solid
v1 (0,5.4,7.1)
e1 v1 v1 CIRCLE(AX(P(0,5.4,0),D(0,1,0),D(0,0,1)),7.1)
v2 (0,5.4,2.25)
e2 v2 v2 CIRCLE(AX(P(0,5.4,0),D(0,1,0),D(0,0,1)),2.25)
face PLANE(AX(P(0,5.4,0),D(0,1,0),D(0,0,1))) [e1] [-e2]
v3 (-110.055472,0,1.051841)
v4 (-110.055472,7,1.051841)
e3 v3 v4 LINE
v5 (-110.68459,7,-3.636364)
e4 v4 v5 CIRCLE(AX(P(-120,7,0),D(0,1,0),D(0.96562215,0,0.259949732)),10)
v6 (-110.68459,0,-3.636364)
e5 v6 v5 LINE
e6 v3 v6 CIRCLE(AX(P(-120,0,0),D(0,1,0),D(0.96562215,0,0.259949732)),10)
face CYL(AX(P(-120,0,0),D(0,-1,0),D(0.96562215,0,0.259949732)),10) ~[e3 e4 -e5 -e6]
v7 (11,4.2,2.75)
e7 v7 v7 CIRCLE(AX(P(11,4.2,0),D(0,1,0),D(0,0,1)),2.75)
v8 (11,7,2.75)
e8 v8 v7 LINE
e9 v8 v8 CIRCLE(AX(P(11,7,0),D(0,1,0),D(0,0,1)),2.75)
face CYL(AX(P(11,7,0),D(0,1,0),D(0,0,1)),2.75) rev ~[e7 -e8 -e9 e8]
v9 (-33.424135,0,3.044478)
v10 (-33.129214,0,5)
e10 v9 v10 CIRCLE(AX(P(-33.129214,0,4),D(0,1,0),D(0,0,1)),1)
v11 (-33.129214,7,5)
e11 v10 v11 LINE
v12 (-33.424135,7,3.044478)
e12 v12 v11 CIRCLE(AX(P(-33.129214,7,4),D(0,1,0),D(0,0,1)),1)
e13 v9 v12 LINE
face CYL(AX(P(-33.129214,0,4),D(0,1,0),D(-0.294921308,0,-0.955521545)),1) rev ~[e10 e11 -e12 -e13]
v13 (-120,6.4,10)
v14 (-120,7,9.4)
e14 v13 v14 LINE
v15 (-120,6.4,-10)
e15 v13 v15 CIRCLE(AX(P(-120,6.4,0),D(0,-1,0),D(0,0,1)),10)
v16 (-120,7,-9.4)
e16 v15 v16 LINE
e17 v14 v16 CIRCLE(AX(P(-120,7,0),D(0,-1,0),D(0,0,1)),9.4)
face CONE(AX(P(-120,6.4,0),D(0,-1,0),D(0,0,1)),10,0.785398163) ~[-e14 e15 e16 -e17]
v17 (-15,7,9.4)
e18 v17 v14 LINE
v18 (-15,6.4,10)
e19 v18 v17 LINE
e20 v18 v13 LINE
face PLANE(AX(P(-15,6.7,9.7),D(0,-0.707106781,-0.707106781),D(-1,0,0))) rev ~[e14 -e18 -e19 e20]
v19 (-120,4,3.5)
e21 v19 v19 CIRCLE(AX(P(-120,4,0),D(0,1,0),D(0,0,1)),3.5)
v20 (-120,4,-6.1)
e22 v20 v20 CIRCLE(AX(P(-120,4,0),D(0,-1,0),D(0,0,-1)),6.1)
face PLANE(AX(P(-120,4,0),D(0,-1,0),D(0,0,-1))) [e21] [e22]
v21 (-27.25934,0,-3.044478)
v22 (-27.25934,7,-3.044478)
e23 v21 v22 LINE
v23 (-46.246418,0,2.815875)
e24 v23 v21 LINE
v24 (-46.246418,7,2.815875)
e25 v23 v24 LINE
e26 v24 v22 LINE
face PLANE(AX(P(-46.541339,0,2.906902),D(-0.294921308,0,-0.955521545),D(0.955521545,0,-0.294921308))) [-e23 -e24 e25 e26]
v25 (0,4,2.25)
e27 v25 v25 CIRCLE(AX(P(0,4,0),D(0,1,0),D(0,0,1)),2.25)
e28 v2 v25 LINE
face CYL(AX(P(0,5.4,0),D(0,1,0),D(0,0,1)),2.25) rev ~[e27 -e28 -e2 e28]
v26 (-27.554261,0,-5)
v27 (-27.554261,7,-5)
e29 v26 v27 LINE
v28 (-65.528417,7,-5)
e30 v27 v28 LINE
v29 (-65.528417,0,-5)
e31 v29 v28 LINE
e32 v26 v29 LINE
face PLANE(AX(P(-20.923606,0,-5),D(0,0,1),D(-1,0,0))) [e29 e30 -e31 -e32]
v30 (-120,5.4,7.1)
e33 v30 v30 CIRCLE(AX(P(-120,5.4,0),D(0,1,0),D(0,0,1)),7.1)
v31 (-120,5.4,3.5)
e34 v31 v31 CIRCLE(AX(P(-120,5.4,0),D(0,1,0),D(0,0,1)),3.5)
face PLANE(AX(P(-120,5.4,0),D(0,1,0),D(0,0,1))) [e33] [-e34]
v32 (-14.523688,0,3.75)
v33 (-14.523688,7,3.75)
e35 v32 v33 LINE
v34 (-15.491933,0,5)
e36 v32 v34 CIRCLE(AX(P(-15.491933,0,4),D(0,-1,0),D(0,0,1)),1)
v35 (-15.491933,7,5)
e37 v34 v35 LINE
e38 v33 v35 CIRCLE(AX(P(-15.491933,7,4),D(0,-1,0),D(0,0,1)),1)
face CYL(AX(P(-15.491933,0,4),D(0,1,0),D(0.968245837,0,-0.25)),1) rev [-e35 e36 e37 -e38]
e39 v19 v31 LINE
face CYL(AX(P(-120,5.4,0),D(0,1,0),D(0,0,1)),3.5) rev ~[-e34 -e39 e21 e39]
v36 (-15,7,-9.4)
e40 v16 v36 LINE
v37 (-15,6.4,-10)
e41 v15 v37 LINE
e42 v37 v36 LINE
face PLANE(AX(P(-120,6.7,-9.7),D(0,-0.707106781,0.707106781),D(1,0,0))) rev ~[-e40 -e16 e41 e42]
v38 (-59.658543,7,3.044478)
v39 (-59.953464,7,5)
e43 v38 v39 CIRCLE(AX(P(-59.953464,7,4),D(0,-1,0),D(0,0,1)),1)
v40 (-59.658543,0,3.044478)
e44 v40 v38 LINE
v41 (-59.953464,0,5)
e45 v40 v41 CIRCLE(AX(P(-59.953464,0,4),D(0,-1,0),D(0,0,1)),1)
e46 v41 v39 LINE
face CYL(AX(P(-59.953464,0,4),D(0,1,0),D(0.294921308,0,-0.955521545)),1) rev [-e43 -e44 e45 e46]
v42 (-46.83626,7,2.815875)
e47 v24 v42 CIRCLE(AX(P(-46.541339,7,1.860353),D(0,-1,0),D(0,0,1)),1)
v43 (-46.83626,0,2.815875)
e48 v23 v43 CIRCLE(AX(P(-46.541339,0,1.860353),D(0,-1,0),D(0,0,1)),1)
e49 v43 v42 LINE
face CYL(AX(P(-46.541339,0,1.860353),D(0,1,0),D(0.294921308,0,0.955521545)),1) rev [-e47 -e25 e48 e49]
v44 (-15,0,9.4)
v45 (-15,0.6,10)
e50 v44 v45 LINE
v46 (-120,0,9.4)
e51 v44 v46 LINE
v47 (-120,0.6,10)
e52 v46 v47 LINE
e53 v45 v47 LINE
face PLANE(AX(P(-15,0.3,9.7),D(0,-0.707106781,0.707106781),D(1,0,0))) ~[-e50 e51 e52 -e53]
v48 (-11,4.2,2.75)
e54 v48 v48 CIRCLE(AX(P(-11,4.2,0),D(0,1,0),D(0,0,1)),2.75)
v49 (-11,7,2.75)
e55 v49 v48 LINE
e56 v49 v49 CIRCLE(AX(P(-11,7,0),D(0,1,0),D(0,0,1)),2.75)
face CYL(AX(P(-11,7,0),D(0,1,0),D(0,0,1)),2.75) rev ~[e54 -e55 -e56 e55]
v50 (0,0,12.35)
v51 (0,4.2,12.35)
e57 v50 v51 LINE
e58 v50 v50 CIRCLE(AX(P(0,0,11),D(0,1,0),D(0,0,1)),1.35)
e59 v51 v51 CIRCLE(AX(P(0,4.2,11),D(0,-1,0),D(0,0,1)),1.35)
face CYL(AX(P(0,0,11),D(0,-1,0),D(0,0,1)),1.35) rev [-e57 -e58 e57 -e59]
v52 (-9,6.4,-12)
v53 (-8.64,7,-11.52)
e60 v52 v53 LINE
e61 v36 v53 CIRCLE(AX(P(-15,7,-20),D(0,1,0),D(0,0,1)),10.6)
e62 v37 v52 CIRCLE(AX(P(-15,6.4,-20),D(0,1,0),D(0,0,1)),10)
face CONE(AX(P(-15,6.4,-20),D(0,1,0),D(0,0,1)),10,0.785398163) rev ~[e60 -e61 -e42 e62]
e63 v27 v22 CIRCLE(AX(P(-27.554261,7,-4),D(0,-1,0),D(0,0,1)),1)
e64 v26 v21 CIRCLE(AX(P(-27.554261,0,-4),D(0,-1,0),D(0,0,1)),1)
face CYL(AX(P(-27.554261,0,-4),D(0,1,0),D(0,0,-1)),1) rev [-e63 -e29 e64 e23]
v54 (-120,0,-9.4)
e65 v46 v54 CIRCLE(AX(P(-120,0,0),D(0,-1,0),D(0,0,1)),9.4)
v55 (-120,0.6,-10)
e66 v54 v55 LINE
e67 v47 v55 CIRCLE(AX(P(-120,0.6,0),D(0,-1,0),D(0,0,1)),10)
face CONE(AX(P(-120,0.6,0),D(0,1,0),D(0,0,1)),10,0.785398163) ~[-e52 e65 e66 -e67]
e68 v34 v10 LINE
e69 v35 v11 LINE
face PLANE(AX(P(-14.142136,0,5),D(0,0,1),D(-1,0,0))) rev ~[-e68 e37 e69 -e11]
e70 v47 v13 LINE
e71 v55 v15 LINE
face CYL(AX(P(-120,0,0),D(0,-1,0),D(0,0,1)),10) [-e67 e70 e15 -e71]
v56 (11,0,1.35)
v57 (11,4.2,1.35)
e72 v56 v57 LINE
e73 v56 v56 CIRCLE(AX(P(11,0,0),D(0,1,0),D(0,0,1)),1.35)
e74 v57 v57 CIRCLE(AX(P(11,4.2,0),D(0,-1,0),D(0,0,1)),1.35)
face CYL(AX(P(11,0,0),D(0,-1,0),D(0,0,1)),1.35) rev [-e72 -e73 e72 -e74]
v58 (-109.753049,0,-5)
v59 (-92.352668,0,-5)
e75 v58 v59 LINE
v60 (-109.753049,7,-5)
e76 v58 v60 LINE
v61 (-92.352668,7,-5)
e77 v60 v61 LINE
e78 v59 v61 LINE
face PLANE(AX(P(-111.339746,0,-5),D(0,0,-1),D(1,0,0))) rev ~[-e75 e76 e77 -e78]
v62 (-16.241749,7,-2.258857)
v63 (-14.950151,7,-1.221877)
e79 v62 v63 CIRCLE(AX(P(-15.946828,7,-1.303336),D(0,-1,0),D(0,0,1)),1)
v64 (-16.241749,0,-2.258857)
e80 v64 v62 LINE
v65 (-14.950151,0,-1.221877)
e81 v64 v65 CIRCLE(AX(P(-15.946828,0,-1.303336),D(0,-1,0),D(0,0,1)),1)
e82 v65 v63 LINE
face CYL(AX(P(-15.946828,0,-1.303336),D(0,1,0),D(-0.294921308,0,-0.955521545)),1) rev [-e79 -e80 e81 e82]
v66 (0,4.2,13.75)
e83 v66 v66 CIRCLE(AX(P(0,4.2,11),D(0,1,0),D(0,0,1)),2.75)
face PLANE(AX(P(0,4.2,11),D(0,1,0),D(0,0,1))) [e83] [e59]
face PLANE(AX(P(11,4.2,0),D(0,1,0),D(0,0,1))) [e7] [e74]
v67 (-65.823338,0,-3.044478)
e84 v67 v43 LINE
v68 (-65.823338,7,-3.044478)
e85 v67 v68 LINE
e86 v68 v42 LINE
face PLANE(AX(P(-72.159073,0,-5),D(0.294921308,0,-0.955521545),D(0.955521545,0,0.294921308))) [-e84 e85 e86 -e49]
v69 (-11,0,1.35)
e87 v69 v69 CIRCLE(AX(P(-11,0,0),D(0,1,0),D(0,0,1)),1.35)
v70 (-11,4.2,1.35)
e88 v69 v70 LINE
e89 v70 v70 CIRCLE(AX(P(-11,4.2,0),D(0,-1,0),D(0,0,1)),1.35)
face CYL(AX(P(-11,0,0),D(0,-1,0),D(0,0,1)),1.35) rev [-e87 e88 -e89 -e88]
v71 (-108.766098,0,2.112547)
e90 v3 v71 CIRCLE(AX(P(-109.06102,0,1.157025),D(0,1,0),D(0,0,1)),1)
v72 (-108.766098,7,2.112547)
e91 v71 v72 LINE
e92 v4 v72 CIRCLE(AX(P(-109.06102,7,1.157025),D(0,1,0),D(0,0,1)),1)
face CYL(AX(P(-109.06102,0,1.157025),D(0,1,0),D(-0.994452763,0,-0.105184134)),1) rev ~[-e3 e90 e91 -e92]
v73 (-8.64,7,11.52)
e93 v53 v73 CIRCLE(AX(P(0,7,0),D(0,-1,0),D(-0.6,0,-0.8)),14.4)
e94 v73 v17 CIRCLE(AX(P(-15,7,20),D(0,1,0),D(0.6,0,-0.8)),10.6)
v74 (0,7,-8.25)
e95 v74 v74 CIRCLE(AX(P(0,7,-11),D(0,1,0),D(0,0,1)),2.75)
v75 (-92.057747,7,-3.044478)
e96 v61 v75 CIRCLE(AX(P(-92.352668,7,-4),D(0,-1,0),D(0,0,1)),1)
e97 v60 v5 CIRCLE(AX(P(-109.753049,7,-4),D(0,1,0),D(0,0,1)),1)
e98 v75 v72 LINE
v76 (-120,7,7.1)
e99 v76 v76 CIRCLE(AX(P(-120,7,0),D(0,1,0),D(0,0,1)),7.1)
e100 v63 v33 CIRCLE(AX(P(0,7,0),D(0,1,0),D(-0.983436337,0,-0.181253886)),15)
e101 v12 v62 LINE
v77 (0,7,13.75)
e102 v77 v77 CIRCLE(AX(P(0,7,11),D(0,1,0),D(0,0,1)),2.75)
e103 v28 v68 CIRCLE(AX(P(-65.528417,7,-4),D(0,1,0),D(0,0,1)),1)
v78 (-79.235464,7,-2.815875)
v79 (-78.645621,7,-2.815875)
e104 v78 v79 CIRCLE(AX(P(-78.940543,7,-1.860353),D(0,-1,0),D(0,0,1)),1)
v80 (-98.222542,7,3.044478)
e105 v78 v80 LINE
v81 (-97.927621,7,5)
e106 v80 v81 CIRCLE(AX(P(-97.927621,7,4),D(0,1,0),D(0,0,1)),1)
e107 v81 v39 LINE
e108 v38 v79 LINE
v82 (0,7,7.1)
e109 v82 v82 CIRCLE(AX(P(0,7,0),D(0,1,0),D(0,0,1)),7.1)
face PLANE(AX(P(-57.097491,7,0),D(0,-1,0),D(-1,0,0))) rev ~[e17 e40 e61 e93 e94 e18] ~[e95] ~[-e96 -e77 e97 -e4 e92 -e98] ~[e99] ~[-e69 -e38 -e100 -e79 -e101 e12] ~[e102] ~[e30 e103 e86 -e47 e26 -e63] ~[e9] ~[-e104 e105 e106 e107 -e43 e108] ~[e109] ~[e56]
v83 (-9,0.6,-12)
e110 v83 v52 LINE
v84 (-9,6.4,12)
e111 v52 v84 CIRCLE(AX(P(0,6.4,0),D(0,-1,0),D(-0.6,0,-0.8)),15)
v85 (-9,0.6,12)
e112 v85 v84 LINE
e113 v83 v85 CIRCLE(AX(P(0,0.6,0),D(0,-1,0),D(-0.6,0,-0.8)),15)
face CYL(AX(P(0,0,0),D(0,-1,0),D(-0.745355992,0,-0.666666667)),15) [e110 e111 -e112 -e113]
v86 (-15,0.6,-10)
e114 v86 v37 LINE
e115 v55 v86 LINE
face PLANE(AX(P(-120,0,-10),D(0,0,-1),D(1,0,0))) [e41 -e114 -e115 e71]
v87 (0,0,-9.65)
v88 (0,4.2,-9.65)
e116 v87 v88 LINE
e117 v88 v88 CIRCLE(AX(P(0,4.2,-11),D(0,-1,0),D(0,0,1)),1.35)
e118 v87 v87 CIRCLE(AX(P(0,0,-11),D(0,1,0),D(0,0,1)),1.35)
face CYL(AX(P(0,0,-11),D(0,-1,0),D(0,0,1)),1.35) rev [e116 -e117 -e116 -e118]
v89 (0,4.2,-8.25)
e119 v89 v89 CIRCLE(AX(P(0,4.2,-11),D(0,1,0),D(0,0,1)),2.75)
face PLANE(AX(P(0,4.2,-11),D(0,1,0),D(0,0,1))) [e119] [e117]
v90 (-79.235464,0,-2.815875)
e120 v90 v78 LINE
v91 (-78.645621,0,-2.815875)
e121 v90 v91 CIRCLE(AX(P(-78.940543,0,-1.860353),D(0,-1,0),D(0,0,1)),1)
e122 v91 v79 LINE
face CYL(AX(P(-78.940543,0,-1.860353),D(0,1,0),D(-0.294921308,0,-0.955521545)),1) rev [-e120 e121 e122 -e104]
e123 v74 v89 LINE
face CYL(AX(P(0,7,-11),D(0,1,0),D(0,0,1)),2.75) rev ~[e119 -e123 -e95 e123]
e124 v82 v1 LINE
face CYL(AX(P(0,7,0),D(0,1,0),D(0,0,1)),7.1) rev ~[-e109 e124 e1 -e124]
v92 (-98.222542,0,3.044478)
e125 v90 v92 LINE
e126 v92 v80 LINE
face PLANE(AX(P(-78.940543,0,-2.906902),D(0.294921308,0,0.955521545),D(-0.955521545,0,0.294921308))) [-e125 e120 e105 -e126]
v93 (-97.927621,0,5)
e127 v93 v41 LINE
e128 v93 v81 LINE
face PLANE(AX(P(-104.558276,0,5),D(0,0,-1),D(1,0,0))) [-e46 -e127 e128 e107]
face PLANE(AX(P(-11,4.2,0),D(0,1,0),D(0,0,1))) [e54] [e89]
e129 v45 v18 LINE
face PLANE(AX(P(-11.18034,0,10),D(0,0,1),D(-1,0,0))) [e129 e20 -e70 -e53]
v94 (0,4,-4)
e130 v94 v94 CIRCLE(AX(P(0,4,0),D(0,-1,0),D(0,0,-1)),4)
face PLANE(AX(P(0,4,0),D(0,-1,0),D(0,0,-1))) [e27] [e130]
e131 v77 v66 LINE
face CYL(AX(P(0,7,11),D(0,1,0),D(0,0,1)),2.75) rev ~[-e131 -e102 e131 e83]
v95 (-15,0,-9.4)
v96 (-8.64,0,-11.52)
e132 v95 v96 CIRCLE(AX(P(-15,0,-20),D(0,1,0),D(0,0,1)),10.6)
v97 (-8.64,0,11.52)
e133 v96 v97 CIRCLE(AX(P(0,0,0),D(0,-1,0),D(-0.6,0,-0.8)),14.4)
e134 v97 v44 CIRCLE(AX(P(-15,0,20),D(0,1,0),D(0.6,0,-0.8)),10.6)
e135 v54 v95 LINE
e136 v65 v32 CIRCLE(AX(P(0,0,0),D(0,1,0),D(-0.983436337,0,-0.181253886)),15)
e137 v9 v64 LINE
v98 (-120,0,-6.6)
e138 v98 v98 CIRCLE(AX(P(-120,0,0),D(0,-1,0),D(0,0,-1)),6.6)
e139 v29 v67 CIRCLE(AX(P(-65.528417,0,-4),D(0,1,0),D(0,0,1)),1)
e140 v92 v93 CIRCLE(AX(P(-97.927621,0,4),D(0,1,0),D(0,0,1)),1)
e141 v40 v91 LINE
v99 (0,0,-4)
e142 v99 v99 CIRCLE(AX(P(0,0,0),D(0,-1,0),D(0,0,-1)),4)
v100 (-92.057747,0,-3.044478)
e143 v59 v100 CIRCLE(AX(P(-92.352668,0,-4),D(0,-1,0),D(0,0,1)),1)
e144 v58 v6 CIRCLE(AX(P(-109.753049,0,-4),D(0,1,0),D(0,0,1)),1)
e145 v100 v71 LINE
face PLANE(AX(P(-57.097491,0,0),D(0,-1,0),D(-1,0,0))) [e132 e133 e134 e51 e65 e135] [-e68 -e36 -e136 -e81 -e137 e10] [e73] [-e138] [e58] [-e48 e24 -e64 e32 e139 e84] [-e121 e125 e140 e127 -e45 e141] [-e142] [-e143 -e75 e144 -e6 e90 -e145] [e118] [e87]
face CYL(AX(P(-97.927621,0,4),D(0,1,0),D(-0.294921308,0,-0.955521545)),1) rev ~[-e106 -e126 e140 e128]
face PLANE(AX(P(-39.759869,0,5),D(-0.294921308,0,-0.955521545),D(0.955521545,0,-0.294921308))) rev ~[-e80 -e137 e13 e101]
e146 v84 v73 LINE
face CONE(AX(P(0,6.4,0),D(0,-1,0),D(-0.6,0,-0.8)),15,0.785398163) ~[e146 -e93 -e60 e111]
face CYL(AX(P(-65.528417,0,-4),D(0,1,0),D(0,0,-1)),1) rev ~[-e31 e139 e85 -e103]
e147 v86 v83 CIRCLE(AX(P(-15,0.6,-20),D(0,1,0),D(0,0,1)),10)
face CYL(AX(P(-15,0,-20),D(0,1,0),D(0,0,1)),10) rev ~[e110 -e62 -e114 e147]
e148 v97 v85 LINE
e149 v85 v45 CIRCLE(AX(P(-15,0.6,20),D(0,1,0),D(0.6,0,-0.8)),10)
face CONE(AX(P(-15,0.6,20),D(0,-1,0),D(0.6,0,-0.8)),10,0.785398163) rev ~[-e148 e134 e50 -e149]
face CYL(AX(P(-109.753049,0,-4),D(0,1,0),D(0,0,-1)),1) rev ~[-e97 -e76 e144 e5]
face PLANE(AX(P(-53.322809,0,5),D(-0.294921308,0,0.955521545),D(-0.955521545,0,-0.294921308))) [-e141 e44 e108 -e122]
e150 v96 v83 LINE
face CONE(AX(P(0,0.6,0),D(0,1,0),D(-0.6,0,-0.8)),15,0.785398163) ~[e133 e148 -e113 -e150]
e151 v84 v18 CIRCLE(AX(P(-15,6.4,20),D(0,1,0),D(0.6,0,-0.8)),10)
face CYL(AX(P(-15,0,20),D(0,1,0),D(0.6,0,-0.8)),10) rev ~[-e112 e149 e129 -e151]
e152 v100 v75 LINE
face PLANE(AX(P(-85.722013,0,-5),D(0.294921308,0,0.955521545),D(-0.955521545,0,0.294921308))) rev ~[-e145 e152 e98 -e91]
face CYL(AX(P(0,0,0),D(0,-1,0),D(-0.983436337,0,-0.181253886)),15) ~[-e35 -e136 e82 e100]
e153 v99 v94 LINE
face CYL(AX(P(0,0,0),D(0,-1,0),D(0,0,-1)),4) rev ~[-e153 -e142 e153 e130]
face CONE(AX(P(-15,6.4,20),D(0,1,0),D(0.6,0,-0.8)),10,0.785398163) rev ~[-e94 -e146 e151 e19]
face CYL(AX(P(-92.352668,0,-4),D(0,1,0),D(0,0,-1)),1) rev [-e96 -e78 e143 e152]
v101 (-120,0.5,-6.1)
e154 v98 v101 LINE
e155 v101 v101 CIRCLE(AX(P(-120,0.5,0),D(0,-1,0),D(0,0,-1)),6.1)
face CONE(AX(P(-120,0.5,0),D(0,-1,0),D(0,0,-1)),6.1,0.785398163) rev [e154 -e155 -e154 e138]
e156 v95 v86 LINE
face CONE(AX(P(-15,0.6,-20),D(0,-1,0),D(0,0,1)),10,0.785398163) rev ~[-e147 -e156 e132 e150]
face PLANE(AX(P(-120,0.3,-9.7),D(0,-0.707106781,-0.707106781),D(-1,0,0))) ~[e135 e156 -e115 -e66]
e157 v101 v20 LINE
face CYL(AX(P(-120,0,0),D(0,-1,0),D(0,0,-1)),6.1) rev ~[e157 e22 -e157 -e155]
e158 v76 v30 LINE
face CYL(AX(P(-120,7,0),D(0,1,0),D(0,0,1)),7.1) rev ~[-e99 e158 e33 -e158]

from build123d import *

# Parameters (mm, degrees)
SKETCH_1_R          = 1.35
EXTRUDE_1_DEPTH     = 7
FILLET_1_R          = 1
FILLET_2_R          = 1
FILLET_3_R          = 1
FILLET_4_R          = 1
FILLET_5_R          = 10
SKETCH_2_R          = 4
CUT_EXTRUDE_1_DEPTH = 4
SKETCH_3_R          = 6.1
CUT_EXTRUDE_2_DEPTH = 4
SKETCH_4_R          = 7.1
CUT_EXTRUDE_4_DEPTH = 1.6
SKETCH_5_R          = 7.1
CUT_EXTRUDE_5_DEPTH = 1.6
SKETCH_6_R          = 2.25
SKETCH_6_R_2        = 3.5
CUT_EXTRUDE_6_DEPTH = 5
CHAMFER_1_SIZE      = 0.6
CHAMFER_2_SIZE      = 0.5
SKETCH_7_R          = 2.75
CUT_EXTRUDE_7_DEPTH = 2.8


with BuildPart() as part:
    # 草图1 → 凸台-拉伸1 (new body)
    with BuildSketch(Plane(origin=(0, 0, 0), x_dir=(1, 0, 0), z_dir=(0, 1, 0))):
        with BuildLine():
            Line((-120, 10), (-11.180339887, 10))
            ThreePointArc((-11.180339887, 10), (15, 0), (-11.180339887, -10))
            Line((-11.180339887, -10), (-120, -10))
            ThreePointArc((-120, -10), (-130, 0), (-120, 10))
        make_face()
        with Locations(Location((-11, 0, 0), (0, 0, 270))):
            Circle(SKETCH_1_R, mode=Mode.SUBTRACT)
        with Locations(Location((0, 11, 0), (0, 0, 270))):
            Circle(SKETCH_1_R, mode=Mode.SUBTRACT)
        with Locations(Location((11, 0, 0), (0, 0, 270))):
            Circle(SKETCH_1_R, mode=Mode.SUBTRACT)
        with Locations(Location((0, -11, 0), (0, 0, 270))):
            Circle(SKETCH_1_R, mode=Mode.SUBTRACT)
        Polygon((-104.558275962, -5), (-53.32280907, -5), (-78.940542516, 2.906902245), align=None, mode=Mode.SUBTRACT)
        with BuildLine():
            Line((-111.339745962, 5), (-85.722012516, 5))
            Line((-85.722012516, 5), (-110.343778499, -2.599497322))
            ThreePointArc((-110.343778499, -2.599497322), (-110.084789012, 1.299457992), (-111.339745962, 5))
        make_face(mode=Mode.SUBTRACT)
        Polygon((-72.159072516, 5), (-46.54133907, -2.906902245), (-20.923605624, 5), align=None, mode=Mode.SUBTRACT)
        with BuildLine():
            Line((-39.75986907, -5), (-14.751545054, 2.71880829))
            ThreePointArc((-14.751545054, 2.71880829), (-14.953467696, -1.180594709), (-14.142135624, -5))
            Line((-14.142135624, -5), (-39.75986907, -5))
        make_face(mode=Mode.SUBTRACT)
    extrude(amount=EXTRUDE_1_DEPTH)

    # 圆角1
    fillet_1_edges = [part.edges().sort_by_distance(p)[0] for p in [
        (-85.722012516, 3.5, -5),
        (-111.339745962, 3.5, -5),
        (-110.343778499, 3.5, 2.599497322),
    ]]
    fillet(fillet_1_edges, radius=FILLET_1_R)

    # 圆角2
    fillet_2_edges = [part.edges().sort_by_distance(p)[0] for p in [
        (-104.558275962, 3.5, 5),
        (-53.32280907, 3.5, 5),
        (-78.940542516, 3.5, -2.906902245),
    ]]
    fillet(fillet_2_edges, radius=FILLET_2_R)

    # 圆角3
    fillet_3_edges = [part.edges().sort_by_distance(p)[0] for p in [
        (-46.54133907, 3.5, 2.906902245),
        (-20.923605624, 3.5, -5),
        (-72.159072516, 3.5, -5),
    ]]
    fillet(fillet_3_edges, radius=FILLET_3_R)

    # 圆角4
    fillet_4_edges = [part.edges().sort_by_distance(p)[0] for p in [
        (-39.75986907, 3.5, 5),
        (-14.142135624, 3.5, 5),
        (-14.751545054, 3.5, -2.71880829),
    ]]
    fillet(fillet_4_edges, radius=FILLET_4_R)

    # 圆角5
    fillet_5_edges = [part.edges().sort_by_distance(p)[0] for p in [
        (-11.180339887, 3.5, -10),
        (-11.180339887, 3.5, 10),
    ]]
    fillet(fillet_5_edges, radius=FILLET_5_R)

    # 草图2 → 切除-拉伸1 (cut)
    with BuildSketch(Plane(origin=(0, 0, 0), x_dir=(-1, 0, 0), z_dir=(0, -1, 0))):
        with Locations(Location((0, 0, 0), (0, 0, 90))):
            Circle(SKETCH_2_R)
    extrude(amount=-CUT_EXTRUDE_1_DEPTH, mode=Mode.SUBTRACT)

    # 草图3 → 切除-拉伸2 (cut)
    with BuildSketch(Plane(origin=(0, 0, 0), x_dir=(-1, 0, 0), z_dir=(0, -1, 0))):
        with Locations(Location((120, 0, 0), (0, 0, 90))):
            Circle(SKETCH_3_R)
    extrude(amount=-CUT_EXTRUDE_2_DEPTH, mode=Mode.SUBTRACT)

    # 草图4 → 切除-拉伸4 (cut)
    with BuildSketch(Plane(origin=(0, 7, 0), x_dir=(1, 0, 0), z_dir=(0, 1, 0))):
        with Locations(Location((0, 0, 0), (0, 0, 270))):
            Circle(SKETCH_4_R)
    extrude(amount=-CUT_EXTRUDE_4_DEPTH, mode=Mode.SUBTRACT)

    # 草图5 → 切除-拉伸5 (cut)
    with BuildSketch(Plane(origin=(0, 7, 0), x_dir=(1, 0, 0), z_dir=(0, 1, 0))):
        with Locations(Location((-120, 0, 0), (0, 0, 270))):
            Circle(SKETCH_5_R)
    extrude(amount=-CUT_EXTRUDE_5_DEPTH, mode=Mode.SUBTRACT)

    # 草图6 → 切除-拉伸6 (cut, symmetric)
    with BuildSketch(Plane(origin=(0, 5.4, 0), x_dir=(1, 0, 0), z_dir=(0, 1, 0))):
        with Locations(Location((0, 0, 0), (0, 0, 270))):
            Circle(SKETCH_6_R)
        with Locations(Location((-120, 0, 0), (0, 0, 270))):
            Circle(SKETCH_6_R_2)
    extrude(amount=CUT_EXTRUDE_6_DEPTH, both=True, mode=Mode.SUBTRACT)

    # 倒角1
    chamfer_1_edges = [part.edges().sort_by_distance(p)[0] for p in [
        (15, 0, 0),
        (15, 7, 0),
        (-11.83772234, 0, 10.513167019),
        (-11.83772234, 7, 10.513167019),
        (-11.83772234, 0, -10.513167019),
        (-11.83772234, 7, -10.513167019),
        (-130, 0, 0),
        (-67.5, 0, -10),
        (-67.5, 0, 10),
        (-67.5, 7, 10),
        (-67.5, 7, -10),
        (-130, 7, 0),
    ]]
    chamfer(chamfer_1_edges, length=CHAMFER_1_SIZE)

    # 倒角2
    chamfer_2_edges = [part.edges().sort_by_distance(p)[0] for p in [
        (-120, 0, 6.1),
    ]]
    chamfer(chamfer_2_edges, length=CHAMFER_2_SIZE)

    # 草图7 → 切除-拉伸7 (cut)
    with BuildSketch(Plane(origin=(0, 7, 0), x_dir=(1, 0, 0), z_dir=(0, 1, 0))):
        with Locations(Location((0, 11, 0), (0, 0, 270))):
            Circle(SKETCH_7_R)
        with Locations(Location((11, 0, 0), (0, 0, 270))):
            Circle(SKETCH_7_R)
        with Locations(Location((0, -11, 0), (0, 0, 270))):
            Circle(SKETCH_7_R)
        with Locations(Location((-11, 0, 0), (0, 0, 270))):
            Circle(SKETCH_7_R)
    extrude(amount=-CUT_EXTRUDE_7_DEPTH, mode=Mode.SUBTRACT)


solid = part.part
